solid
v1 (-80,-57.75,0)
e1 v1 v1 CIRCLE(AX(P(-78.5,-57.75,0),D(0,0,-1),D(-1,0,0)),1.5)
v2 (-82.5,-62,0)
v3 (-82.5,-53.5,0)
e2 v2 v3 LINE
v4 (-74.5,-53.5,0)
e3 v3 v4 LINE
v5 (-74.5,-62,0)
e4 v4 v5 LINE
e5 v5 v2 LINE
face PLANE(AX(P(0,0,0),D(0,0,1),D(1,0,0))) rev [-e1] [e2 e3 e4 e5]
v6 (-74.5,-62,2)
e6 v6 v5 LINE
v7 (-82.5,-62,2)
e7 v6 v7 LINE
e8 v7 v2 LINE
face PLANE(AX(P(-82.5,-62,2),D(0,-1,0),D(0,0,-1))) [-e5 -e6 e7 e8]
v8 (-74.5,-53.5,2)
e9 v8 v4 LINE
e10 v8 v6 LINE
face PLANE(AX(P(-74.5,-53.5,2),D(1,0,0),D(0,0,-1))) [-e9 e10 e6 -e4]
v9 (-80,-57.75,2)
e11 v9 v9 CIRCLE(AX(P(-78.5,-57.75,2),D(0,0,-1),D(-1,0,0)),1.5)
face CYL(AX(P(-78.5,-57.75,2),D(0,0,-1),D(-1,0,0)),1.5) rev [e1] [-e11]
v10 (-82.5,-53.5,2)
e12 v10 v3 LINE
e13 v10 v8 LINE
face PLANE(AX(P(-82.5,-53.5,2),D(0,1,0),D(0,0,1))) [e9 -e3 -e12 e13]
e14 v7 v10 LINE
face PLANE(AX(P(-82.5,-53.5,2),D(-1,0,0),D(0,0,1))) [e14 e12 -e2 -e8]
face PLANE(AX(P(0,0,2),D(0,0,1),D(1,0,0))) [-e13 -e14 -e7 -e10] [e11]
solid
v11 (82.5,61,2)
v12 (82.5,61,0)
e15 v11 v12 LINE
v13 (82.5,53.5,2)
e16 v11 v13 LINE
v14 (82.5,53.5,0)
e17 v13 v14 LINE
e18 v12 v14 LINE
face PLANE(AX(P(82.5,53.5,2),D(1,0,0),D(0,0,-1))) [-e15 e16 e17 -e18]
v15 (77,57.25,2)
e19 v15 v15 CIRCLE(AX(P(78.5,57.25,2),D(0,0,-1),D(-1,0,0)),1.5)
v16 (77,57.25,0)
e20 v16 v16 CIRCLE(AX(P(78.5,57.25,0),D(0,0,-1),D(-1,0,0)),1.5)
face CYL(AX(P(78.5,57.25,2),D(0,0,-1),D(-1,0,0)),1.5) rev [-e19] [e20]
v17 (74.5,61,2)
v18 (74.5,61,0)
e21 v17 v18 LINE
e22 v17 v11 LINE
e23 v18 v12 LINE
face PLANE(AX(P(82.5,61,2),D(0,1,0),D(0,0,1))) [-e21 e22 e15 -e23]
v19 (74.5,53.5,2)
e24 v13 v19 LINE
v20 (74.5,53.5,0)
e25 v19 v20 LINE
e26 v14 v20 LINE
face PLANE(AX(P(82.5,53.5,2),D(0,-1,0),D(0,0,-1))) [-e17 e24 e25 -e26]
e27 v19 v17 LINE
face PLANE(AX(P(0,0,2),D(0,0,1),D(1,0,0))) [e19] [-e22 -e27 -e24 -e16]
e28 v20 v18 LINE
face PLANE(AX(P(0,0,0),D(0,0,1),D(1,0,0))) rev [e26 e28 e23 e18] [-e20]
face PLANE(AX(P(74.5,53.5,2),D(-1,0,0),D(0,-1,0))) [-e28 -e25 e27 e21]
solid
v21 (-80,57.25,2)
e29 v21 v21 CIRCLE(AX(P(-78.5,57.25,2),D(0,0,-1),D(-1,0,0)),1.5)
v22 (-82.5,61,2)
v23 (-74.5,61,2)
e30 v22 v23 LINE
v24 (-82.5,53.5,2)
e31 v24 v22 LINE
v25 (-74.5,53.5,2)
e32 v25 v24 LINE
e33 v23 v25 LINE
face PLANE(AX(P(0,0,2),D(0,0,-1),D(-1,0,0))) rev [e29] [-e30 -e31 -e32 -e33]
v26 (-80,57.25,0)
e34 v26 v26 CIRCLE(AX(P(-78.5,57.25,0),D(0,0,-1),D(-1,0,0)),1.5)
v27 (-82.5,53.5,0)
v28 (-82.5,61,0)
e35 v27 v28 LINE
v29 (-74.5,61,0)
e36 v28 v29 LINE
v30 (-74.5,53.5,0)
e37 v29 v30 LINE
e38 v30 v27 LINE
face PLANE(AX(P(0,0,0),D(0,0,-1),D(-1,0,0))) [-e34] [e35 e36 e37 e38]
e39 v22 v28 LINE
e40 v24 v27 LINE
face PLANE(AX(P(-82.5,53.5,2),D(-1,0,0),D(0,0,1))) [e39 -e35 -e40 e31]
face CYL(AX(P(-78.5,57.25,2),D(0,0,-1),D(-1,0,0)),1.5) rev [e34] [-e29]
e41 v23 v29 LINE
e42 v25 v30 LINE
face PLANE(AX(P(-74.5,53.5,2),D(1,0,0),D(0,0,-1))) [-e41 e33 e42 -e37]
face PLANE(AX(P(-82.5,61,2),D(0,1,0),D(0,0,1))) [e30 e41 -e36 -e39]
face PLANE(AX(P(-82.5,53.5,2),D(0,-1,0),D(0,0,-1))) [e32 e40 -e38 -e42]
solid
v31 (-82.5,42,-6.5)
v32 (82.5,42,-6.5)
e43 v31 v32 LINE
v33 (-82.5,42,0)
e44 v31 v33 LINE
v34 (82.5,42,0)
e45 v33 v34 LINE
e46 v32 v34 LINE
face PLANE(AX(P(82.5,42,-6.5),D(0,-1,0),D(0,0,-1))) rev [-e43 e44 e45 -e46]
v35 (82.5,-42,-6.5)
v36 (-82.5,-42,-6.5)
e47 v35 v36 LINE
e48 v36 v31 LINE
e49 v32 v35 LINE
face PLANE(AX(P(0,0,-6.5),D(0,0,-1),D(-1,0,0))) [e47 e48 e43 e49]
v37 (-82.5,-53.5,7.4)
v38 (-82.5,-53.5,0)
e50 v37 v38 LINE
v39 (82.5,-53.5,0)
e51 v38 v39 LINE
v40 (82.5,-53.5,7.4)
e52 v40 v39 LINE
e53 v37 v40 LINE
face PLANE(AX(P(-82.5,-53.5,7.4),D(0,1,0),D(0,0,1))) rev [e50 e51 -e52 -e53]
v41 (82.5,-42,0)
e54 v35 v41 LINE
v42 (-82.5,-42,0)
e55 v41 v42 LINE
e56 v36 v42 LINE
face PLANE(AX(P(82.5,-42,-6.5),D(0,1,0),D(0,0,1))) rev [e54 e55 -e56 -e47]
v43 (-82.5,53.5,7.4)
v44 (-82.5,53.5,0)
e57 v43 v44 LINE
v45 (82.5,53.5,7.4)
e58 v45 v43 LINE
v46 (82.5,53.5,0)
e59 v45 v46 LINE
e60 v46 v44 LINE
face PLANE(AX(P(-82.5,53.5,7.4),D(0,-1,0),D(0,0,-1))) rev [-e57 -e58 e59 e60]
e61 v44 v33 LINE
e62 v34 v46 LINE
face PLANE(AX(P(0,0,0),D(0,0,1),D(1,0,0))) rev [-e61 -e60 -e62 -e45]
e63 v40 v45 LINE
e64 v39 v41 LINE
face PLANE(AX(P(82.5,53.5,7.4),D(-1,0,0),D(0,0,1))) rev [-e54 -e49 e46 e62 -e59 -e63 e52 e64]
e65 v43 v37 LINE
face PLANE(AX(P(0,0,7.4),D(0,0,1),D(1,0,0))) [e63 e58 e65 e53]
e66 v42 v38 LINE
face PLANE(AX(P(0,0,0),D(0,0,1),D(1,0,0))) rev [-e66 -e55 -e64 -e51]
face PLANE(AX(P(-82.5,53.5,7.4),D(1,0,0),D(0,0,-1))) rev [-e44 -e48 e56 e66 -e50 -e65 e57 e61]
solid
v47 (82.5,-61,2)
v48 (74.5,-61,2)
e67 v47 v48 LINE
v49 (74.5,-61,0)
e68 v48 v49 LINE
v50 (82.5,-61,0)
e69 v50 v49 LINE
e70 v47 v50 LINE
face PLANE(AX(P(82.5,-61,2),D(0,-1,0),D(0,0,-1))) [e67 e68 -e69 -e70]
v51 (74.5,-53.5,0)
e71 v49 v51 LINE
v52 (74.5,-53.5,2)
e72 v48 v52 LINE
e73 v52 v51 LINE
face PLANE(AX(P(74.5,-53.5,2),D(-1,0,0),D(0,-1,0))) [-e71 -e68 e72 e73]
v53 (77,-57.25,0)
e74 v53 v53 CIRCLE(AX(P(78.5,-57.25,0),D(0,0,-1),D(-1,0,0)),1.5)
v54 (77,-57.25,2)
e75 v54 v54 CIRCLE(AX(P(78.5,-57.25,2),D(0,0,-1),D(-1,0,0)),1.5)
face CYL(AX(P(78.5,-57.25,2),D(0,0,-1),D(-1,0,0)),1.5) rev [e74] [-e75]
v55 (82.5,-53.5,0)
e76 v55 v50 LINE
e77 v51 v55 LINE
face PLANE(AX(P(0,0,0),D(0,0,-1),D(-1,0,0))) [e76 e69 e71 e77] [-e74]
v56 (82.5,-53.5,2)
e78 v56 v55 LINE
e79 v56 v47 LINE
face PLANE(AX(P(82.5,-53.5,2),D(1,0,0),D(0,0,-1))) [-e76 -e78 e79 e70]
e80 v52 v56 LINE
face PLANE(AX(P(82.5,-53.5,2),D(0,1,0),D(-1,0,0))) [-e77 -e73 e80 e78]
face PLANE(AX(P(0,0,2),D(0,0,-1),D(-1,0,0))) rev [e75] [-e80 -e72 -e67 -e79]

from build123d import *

# Parameters (mm, degrees)
SKETCH1_W             = 165
SKETCH1_H             = 107
BOSS_EXTRUDE1_DEPTH   = 7.4
SKETCH2_W             = 8
SKETCH2_H             = 7.5
SKETCH2_R             = 1.5
BOSS_EXTRUDE2_DEPTH   = 2
BOSS_EXTRUDE2_2_DEPTH = 2
SKETCH2_H_2           = 8.5
BOSS_EXTRUDE2_3_DEPTH = 2
BOSS_EXTRUDE2_4_DEPTH = 2
SKETCH3_W             = 165
SKETCH3_H             = 84
BOSS_EXTRUDE3_DEPTH   = 6.5


with BuildPart() as part:
    # Sketch1 → Boss-Extrude1 (new body)
    with BuildSketch(Plane.XY):
        Rectangle(SKETCH1_W, SKETCH1_H)
    extrude(amount=BOSS_EXTRUDE1_DEPTH)

    # Sketch3 → Boss-Extrude3 (add)
    with BuildSketch(Plane(origin=(0, 0, 0), x_dir=(-1, 0, 0), z_dir=(0, 0, -1))):
        Rectangle(SKETCH3_W, SKETCH3_H)
    extrude(amount=BOSS_EXTRUDE3_DEPTH)


with BuildPart() as body_2:
    # Sketch2 → Boss-Extrude2 (new body)
    with BuildSketch(Plane(origin=(0, 0, 0), x_dir=(-1, 0, 0), z_dir=(0, 0, -1))):
        with Locations((-78.5, 57.25)):
            Rectangle(SKETCH2_W, SKETCH2_H)
        with Locations((-78.5, 57.25)):
            Circle(SKETCH2_R, mode=Mode.SUBTRACT)
    extrude(amount=-BOSS_EXTRUDE2_DEPTH)


with BuildPart() as body_3:
    # Sketch2 → Boss-Extrude2 2 (new body)
    with BuildSketch(Plane(origin=(0, 0, 0), x_dir=(-1, 0, 0), z_dir=(0, 0, -1))):
        with Locations((78.5, 57.25)):
            Rectangle(SKETCH2_W, SKETCH2_H)
        with Locations((78.5, 57.25)):
            Circle(SKETCH2_R, mode=Mode.SUBTRACT)
    extrude(amount=-BOSS_EXTRUDE2_2_DEPTH)


with BuildPart() as body_4:
    # Sketch2 → Boss-Extrude2 3 (new body)
    with BuildSketch(Plane(origin=(0, 0, 0), x_dir=(-1, 0, 0), z_dir=(0, 0, -1))):
        with Locations((78.5, -57.75)):
            Rectangle(SKETCH2_W, SKETCH2_H_2)
        with Locations((78.5, -57.75)):
            Circle(SKETCH2_R, mode=Mode.SUBTRACT)
    extrude(amount=-BOSS_EXTRUDE2_3_DEPTH)


with BuildPart() as body_5:
    # Sketch2 → Boss-Extrude2 4 (new body)
    with BuildSketch(Plane(origin=(0, 0, 0), x_dir=(-1, 0, 0), z_dir=(0, 0, -1))):
        with Locations((-78.5, -57.25)):
            Rectangle(SKETCH2_W, SKETCH2_H)
        with Locations((-78.5, -57.25)):
            Circle(SKETCH2_R, mode=Mode.SUBTRACT)
    extrude(amount=-BOSS_EXTRUDE2_4_DEPTH)


solid = Compound([part.part, body_2.part, body_3.part, body_4.part, body_5.part])
